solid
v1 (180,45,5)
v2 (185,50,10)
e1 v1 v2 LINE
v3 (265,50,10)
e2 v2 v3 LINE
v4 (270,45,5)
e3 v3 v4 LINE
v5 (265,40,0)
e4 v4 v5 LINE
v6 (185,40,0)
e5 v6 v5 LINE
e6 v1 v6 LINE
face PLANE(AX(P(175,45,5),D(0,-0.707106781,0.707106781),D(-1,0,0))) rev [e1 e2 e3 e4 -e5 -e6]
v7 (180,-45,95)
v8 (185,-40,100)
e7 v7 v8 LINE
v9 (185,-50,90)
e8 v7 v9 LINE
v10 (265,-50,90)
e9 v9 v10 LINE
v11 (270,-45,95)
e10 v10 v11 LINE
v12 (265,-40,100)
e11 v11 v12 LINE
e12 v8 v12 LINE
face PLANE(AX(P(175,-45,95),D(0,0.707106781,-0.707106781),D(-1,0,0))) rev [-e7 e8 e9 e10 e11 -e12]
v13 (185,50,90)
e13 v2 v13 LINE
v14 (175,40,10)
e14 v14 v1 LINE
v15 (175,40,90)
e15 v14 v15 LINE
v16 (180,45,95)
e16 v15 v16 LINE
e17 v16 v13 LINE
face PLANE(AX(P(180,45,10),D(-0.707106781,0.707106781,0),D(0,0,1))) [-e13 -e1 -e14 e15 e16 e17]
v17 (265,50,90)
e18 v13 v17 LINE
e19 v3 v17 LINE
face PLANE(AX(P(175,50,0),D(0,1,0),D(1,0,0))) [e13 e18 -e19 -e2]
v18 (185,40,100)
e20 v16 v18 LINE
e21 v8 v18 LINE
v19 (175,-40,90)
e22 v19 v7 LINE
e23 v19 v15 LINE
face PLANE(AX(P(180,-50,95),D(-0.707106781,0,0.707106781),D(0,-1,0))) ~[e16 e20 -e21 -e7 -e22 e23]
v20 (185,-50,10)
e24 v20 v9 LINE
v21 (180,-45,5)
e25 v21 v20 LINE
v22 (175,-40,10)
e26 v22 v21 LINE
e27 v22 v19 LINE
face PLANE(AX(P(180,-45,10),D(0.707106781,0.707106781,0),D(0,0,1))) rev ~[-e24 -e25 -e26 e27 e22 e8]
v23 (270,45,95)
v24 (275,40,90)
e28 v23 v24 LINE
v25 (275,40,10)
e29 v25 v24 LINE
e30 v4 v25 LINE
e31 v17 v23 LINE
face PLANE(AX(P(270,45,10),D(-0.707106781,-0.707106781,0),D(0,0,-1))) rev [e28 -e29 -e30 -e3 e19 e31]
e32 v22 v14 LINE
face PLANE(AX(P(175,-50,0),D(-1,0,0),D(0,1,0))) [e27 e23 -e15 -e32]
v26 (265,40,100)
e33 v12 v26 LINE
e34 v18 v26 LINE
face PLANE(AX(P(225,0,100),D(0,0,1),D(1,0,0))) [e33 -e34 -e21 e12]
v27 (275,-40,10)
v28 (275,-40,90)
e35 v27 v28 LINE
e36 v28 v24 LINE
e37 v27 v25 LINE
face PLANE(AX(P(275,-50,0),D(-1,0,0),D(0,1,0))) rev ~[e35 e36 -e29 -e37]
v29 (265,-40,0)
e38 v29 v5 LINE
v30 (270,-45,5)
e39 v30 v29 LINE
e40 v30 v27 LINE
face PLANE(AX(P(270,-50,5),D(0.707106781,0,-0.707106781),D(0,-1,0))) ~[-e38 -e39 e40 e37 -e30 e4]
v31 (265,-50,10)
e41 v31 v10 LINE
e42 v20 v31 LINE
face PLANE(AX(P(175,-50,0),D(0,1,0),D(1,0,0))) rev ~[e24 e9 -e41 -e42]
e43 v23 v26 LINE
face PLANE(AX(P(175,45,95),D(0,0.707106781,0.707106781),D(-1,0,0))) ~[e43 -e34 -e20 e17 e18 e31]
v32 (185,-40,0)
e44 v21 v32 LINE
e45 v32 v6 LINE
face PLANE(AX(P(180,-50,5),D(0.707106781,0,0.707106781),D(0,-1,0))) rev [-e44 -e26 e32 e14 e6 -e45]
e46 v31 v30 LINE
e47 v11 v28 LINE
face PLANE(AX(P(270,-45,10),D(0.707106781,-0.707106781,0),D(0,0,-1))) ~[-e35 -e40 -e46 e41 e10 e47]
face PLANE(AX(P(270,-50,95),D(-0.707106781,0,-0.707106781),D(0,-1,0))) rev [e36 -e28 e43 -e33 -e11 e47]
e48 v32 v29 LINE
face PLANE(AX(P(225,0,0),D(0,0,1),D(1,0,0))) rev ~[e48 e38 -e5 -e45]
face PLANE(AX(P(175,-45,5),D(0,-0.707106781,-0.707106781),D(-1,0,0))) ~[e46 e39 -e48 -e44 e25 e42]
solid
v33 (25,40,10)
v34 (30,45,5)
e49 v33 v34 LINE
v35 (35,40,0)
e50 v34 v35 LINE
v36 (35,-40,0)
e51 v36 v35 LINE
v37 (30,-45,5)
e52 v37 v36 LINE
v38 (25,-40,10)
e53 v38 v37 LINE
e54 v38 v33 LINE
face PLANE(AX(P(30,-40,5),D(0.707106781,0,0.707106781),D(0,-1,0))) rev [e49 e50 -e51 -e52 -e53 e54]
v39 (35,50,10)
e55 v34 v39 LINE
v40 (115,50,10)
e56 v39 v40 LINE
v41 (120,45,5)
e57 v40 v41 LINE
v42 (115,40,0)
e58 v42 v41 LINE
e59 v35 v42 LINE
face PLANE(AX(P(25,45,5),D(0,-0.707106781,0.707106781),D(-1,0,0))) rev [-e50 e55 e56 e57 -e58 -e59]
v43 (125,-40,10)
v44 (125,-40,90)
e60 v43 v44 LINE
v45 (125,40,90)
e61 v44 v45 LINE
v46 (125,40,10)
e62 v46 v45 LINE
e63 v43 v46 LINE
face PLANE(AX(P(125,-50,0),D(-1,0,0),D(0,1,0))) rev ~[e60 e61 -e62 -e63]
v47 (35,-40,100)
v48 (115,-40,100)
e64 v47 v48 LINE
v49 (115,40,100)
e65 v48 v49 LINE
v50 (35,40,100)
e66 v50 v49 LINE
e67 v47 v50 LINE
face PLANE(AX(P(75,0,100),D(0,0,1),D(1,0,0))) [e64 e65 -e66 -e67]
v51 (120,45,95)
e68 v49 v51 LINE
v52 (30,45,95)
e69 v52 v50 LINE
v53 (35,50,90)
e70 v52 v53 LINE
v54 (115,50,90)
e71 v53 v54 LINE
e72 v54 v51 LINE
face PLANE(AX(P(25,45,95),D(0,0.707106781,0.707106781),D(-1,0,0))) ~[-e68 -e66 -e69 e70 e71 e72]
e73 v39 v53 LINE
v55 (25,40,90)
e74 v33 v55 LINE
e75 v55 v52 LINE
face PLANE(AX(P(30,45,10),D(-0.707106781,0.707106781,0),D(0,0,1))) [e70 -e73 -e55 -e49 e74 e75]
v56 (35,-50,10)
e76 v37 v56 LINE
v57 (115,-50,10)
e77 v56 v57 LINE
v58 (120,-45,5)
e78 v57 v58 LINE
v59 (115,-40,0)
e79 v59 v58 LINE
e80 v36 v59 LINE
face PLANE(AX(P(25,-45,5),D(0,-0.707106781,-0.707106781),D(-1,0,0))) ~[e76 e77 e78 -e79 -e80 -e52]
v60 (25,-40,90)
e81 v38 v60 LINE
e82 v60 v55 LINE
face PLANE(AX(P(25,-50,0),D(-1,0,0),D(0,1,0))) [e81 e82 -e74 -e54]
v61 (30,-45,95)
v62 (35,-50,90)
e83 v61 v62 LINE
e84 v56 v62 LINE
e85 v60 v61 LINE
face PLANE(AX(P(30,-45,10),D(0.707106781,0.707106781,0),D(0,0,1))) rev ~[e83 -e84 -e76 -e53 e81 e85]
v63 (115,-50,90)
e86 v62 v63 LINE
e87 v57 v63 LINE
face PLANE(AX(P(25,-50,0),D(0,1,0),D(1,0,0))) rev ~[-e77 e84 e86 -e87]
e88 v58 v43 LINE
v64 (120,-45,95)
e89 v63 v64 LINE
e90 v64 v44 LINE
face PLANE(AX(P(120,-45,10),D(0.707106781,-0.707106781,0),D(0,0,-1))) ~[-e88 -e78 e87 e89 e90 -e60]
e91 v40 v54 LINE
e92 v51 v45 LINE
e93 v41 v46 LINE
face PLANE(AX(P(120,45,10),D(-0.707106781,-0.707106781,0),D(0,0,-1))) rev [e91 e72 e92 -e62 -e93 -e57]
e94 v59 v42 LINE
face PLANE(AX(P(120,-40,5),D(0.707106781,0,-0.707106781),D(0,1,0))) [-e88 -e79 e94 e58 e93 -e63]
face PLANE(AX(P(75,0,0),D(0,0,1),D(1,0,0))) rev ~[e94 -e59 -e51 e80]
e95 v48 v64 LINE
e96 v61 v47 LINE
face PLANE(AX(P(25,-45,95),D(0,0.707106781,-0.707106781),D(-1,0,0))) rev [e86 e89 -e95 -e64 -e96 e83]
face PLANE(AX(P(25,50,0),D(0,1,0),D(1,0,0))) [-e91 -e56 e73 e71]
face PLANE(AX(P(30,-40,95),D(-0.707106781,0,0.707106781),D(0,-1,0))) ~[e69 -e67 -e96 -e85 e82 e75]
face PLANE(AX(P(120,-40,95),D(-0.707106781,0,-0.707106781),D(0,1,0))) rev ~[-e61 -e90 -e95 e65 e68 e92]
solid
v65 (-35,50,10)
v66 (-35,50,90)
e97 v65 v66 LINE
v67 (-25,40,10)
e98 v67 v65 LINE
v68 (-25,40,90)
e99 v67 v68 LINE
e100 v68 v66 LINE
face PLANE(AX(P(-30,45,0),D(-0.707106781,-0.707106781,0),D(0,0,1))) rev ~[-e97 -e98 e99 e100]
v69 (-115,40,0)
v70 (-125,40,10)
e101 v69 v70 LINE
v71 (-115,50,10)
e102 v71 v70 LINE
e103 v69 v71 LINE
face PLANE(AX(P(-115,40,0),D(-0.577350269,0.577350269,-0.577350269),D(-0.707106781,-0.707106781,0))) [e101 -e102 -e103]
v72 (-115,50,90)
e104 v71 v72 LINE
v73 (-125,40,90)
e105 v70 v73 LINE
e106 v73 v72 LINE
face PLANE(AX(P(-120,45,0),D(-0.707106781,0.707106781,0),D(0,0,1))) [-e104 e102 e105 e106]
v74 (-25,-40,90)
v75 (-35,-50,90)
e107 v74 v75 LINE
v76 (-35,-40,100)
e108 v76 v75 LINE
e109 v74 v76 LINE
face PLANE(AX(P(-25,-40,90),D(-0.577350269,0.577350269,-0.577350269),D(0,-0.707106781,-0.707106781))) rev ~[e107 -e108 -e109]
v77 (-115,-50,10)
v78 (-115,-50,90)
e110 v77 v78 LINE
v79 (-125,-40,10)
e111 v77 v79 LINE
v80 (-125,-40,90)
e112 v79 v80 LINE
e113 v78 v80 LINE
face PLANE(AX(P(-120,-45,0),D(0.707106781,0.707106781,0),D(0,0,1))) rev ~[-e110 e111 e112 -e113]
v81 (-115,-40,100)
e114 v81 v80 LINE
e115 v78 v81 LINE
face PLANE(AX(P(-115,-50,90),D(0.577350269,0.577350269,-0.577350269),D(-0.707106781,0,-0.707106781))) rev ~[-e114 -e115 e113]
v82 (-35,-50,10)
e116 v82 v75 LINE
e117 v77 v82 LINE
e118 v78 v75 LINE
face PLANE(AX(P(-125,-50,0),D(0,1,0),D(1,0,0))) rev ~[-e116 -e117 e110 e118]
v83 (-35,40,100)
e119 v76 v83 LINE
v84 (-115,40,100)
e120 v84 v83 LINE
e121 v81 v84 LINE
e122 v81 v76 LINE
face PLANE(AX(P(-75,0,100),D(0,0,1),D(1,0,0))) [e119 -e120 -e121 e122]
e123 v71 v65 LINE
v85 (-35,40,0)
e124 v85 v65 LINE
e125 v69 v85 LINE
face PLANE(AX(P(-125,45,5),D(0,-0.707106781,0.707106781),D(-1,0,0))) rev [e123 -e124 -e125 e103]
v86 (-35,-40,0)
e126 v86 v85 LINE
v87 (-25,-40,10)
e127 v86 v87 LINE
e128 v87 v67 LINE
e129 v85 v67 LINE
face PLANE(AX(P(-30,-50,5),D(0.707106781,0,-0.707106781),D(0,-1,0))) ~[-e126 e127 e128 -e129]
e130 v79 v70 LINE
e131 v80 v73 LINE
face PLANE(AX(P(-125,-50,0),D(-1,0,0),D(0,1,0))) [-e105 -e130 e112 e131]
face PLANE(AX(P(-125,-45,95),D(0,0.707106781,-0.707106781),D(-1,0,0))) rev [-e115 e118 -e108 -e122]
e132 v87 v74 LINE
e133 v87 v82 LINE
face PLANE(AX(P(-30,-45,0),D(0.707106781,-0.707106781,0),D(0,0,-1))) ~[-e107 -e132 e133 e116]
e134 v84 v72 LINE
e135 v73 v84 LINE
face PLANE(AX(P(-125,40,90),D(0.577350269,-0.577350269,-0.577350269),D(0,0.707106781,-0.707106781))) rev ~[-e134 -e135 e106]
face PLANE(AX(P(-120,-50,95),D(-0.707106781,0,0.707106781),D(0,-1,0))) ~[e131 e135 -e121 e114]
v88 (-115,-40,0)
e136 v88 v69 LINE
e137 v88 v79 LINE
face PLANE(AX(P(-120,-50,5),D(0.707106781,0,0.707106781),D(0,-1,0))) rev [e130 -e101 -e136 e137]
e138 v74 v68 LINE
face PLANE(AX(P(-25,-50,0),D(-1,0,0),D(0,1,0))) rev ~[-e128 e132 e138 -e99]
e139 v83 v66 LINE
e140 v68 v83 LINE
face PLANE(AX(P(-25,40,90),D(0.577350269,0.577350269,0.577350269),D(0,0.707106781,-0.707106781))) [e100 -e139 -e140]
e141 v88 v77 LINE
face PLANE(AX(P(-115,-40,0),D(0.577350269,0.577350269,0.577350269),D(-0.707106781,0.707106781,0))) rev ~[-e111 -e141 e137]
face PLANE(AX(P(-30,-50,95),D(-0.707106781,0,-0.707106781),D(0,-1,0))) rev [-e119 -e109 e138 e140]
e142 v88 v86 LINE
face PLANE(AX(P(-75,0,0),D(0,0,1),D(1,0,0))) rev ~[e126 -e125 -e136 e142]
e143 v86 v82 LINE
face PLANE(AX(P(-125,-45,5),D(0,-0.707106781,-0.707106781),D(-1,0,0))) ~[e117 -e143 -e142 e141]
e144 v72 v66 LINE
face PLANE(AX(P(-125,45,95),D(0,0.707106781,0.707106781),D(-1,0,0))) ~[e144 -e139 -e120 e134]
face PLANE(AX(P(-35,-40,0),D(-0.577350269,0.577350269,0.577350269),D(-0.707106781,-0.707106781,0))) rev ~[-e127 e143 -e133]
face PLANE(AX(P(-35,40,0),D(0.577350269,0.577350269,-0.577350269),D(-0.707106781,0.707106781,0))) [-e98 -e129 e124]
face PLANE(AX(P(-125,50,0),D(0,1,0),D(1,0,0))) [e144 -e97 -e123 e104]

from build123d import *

# Parameters (mm, degrees)
F0_W     = 100
F0_H     = 100
F1_DEPTH = 100
F2_SIZE  = 10
F3_SIZE  = 10
F4_SIZE  = 10
F5_SIZE  = 10
F6_SIZE  = 10
F7_SIZE  = 10


with BuildPart() as f1:
    # F0 (on Top) → F1 (new body)
    with BuildSketch(Plane.XY):
        with Locations((-75, 0)):
            Rectangle(F0_W, F0_H)
        with Locations((75, 0)):
            Rectangle(F0_W, F0_H)
        with Locations((225, 0)):
            Rectangle(F0_W, F0_H)
    extrude(amount=F1_DEPTH)

    # F2
    f2_edges = [f1.edges().sort_by_distance(p)[0] for p in [
        (-75, 50, 100),
        (-125, 0, 100),
        (-75, -50, 100),
        (-25, 0, 100),
        (-25, -50, 50),
        (-25, 50, 50),
        (-25, 0, 0),
        (-125, -50, 50),
        (-75, -50, 0),
        (-125, 50, 50),
        (-75, 50, 0),
        (-125, 0, 0),
    ]]
    chamfer(f2_edges, length=F2_SIZE)

    # F3
    f3_edges = [f1.edges().sort_by_distance(p)[0] for p in [
        (75, -50, 100),
        (75, 50, 100),
        (75, -50, 0),
        (75, 50, 0),
    ]]
    chamfer(f3_edges, length=F3_SIZE)

    # F4
    f4_edges = [f1.edges().sort_by_distance(p)[0] for p in [
        (25, 0, 100),
        (125, 0, 100),
        (125, 0, 0),
        (25, 0, 0),
    ]]
    chamfer(f4_edges, length=F4_SIZE)

    # F5
    f5_edges = [f1.edges().sort_by_distance(p)[0] for p in [
        (25, 50, 50),
        (25, -50, 50),
        (125, -50, 50),
        (125, 50, 50),
    ]]
    chamfer(f5_edges, length=F5_SIZE)

    # F6
    f6_edges = [f1.edges().sort_by_distance(p)[0] for p in [
        (225, 50, 100),
        (175, 0, 100),
        (225, -50, 100),
        (275, 0, 100),
        (225, 50, 0),
        (175, 0, 0),
        (225, -50, 0),
        (275, 0, 0),
    ]]
    chamfer(f6_edges, length=F6_SIZE)

    # F7
    f7_edges = [f1.edges().sort_by_distance(p)[0] for p in [
        (275, -50, 50),
        (175, -50, 50),
        (175, 50, 50),
        (275, 50, 50),
    ]]
    chamfer(f7_edges, length=F7_SIZE)


solid = f1.part
